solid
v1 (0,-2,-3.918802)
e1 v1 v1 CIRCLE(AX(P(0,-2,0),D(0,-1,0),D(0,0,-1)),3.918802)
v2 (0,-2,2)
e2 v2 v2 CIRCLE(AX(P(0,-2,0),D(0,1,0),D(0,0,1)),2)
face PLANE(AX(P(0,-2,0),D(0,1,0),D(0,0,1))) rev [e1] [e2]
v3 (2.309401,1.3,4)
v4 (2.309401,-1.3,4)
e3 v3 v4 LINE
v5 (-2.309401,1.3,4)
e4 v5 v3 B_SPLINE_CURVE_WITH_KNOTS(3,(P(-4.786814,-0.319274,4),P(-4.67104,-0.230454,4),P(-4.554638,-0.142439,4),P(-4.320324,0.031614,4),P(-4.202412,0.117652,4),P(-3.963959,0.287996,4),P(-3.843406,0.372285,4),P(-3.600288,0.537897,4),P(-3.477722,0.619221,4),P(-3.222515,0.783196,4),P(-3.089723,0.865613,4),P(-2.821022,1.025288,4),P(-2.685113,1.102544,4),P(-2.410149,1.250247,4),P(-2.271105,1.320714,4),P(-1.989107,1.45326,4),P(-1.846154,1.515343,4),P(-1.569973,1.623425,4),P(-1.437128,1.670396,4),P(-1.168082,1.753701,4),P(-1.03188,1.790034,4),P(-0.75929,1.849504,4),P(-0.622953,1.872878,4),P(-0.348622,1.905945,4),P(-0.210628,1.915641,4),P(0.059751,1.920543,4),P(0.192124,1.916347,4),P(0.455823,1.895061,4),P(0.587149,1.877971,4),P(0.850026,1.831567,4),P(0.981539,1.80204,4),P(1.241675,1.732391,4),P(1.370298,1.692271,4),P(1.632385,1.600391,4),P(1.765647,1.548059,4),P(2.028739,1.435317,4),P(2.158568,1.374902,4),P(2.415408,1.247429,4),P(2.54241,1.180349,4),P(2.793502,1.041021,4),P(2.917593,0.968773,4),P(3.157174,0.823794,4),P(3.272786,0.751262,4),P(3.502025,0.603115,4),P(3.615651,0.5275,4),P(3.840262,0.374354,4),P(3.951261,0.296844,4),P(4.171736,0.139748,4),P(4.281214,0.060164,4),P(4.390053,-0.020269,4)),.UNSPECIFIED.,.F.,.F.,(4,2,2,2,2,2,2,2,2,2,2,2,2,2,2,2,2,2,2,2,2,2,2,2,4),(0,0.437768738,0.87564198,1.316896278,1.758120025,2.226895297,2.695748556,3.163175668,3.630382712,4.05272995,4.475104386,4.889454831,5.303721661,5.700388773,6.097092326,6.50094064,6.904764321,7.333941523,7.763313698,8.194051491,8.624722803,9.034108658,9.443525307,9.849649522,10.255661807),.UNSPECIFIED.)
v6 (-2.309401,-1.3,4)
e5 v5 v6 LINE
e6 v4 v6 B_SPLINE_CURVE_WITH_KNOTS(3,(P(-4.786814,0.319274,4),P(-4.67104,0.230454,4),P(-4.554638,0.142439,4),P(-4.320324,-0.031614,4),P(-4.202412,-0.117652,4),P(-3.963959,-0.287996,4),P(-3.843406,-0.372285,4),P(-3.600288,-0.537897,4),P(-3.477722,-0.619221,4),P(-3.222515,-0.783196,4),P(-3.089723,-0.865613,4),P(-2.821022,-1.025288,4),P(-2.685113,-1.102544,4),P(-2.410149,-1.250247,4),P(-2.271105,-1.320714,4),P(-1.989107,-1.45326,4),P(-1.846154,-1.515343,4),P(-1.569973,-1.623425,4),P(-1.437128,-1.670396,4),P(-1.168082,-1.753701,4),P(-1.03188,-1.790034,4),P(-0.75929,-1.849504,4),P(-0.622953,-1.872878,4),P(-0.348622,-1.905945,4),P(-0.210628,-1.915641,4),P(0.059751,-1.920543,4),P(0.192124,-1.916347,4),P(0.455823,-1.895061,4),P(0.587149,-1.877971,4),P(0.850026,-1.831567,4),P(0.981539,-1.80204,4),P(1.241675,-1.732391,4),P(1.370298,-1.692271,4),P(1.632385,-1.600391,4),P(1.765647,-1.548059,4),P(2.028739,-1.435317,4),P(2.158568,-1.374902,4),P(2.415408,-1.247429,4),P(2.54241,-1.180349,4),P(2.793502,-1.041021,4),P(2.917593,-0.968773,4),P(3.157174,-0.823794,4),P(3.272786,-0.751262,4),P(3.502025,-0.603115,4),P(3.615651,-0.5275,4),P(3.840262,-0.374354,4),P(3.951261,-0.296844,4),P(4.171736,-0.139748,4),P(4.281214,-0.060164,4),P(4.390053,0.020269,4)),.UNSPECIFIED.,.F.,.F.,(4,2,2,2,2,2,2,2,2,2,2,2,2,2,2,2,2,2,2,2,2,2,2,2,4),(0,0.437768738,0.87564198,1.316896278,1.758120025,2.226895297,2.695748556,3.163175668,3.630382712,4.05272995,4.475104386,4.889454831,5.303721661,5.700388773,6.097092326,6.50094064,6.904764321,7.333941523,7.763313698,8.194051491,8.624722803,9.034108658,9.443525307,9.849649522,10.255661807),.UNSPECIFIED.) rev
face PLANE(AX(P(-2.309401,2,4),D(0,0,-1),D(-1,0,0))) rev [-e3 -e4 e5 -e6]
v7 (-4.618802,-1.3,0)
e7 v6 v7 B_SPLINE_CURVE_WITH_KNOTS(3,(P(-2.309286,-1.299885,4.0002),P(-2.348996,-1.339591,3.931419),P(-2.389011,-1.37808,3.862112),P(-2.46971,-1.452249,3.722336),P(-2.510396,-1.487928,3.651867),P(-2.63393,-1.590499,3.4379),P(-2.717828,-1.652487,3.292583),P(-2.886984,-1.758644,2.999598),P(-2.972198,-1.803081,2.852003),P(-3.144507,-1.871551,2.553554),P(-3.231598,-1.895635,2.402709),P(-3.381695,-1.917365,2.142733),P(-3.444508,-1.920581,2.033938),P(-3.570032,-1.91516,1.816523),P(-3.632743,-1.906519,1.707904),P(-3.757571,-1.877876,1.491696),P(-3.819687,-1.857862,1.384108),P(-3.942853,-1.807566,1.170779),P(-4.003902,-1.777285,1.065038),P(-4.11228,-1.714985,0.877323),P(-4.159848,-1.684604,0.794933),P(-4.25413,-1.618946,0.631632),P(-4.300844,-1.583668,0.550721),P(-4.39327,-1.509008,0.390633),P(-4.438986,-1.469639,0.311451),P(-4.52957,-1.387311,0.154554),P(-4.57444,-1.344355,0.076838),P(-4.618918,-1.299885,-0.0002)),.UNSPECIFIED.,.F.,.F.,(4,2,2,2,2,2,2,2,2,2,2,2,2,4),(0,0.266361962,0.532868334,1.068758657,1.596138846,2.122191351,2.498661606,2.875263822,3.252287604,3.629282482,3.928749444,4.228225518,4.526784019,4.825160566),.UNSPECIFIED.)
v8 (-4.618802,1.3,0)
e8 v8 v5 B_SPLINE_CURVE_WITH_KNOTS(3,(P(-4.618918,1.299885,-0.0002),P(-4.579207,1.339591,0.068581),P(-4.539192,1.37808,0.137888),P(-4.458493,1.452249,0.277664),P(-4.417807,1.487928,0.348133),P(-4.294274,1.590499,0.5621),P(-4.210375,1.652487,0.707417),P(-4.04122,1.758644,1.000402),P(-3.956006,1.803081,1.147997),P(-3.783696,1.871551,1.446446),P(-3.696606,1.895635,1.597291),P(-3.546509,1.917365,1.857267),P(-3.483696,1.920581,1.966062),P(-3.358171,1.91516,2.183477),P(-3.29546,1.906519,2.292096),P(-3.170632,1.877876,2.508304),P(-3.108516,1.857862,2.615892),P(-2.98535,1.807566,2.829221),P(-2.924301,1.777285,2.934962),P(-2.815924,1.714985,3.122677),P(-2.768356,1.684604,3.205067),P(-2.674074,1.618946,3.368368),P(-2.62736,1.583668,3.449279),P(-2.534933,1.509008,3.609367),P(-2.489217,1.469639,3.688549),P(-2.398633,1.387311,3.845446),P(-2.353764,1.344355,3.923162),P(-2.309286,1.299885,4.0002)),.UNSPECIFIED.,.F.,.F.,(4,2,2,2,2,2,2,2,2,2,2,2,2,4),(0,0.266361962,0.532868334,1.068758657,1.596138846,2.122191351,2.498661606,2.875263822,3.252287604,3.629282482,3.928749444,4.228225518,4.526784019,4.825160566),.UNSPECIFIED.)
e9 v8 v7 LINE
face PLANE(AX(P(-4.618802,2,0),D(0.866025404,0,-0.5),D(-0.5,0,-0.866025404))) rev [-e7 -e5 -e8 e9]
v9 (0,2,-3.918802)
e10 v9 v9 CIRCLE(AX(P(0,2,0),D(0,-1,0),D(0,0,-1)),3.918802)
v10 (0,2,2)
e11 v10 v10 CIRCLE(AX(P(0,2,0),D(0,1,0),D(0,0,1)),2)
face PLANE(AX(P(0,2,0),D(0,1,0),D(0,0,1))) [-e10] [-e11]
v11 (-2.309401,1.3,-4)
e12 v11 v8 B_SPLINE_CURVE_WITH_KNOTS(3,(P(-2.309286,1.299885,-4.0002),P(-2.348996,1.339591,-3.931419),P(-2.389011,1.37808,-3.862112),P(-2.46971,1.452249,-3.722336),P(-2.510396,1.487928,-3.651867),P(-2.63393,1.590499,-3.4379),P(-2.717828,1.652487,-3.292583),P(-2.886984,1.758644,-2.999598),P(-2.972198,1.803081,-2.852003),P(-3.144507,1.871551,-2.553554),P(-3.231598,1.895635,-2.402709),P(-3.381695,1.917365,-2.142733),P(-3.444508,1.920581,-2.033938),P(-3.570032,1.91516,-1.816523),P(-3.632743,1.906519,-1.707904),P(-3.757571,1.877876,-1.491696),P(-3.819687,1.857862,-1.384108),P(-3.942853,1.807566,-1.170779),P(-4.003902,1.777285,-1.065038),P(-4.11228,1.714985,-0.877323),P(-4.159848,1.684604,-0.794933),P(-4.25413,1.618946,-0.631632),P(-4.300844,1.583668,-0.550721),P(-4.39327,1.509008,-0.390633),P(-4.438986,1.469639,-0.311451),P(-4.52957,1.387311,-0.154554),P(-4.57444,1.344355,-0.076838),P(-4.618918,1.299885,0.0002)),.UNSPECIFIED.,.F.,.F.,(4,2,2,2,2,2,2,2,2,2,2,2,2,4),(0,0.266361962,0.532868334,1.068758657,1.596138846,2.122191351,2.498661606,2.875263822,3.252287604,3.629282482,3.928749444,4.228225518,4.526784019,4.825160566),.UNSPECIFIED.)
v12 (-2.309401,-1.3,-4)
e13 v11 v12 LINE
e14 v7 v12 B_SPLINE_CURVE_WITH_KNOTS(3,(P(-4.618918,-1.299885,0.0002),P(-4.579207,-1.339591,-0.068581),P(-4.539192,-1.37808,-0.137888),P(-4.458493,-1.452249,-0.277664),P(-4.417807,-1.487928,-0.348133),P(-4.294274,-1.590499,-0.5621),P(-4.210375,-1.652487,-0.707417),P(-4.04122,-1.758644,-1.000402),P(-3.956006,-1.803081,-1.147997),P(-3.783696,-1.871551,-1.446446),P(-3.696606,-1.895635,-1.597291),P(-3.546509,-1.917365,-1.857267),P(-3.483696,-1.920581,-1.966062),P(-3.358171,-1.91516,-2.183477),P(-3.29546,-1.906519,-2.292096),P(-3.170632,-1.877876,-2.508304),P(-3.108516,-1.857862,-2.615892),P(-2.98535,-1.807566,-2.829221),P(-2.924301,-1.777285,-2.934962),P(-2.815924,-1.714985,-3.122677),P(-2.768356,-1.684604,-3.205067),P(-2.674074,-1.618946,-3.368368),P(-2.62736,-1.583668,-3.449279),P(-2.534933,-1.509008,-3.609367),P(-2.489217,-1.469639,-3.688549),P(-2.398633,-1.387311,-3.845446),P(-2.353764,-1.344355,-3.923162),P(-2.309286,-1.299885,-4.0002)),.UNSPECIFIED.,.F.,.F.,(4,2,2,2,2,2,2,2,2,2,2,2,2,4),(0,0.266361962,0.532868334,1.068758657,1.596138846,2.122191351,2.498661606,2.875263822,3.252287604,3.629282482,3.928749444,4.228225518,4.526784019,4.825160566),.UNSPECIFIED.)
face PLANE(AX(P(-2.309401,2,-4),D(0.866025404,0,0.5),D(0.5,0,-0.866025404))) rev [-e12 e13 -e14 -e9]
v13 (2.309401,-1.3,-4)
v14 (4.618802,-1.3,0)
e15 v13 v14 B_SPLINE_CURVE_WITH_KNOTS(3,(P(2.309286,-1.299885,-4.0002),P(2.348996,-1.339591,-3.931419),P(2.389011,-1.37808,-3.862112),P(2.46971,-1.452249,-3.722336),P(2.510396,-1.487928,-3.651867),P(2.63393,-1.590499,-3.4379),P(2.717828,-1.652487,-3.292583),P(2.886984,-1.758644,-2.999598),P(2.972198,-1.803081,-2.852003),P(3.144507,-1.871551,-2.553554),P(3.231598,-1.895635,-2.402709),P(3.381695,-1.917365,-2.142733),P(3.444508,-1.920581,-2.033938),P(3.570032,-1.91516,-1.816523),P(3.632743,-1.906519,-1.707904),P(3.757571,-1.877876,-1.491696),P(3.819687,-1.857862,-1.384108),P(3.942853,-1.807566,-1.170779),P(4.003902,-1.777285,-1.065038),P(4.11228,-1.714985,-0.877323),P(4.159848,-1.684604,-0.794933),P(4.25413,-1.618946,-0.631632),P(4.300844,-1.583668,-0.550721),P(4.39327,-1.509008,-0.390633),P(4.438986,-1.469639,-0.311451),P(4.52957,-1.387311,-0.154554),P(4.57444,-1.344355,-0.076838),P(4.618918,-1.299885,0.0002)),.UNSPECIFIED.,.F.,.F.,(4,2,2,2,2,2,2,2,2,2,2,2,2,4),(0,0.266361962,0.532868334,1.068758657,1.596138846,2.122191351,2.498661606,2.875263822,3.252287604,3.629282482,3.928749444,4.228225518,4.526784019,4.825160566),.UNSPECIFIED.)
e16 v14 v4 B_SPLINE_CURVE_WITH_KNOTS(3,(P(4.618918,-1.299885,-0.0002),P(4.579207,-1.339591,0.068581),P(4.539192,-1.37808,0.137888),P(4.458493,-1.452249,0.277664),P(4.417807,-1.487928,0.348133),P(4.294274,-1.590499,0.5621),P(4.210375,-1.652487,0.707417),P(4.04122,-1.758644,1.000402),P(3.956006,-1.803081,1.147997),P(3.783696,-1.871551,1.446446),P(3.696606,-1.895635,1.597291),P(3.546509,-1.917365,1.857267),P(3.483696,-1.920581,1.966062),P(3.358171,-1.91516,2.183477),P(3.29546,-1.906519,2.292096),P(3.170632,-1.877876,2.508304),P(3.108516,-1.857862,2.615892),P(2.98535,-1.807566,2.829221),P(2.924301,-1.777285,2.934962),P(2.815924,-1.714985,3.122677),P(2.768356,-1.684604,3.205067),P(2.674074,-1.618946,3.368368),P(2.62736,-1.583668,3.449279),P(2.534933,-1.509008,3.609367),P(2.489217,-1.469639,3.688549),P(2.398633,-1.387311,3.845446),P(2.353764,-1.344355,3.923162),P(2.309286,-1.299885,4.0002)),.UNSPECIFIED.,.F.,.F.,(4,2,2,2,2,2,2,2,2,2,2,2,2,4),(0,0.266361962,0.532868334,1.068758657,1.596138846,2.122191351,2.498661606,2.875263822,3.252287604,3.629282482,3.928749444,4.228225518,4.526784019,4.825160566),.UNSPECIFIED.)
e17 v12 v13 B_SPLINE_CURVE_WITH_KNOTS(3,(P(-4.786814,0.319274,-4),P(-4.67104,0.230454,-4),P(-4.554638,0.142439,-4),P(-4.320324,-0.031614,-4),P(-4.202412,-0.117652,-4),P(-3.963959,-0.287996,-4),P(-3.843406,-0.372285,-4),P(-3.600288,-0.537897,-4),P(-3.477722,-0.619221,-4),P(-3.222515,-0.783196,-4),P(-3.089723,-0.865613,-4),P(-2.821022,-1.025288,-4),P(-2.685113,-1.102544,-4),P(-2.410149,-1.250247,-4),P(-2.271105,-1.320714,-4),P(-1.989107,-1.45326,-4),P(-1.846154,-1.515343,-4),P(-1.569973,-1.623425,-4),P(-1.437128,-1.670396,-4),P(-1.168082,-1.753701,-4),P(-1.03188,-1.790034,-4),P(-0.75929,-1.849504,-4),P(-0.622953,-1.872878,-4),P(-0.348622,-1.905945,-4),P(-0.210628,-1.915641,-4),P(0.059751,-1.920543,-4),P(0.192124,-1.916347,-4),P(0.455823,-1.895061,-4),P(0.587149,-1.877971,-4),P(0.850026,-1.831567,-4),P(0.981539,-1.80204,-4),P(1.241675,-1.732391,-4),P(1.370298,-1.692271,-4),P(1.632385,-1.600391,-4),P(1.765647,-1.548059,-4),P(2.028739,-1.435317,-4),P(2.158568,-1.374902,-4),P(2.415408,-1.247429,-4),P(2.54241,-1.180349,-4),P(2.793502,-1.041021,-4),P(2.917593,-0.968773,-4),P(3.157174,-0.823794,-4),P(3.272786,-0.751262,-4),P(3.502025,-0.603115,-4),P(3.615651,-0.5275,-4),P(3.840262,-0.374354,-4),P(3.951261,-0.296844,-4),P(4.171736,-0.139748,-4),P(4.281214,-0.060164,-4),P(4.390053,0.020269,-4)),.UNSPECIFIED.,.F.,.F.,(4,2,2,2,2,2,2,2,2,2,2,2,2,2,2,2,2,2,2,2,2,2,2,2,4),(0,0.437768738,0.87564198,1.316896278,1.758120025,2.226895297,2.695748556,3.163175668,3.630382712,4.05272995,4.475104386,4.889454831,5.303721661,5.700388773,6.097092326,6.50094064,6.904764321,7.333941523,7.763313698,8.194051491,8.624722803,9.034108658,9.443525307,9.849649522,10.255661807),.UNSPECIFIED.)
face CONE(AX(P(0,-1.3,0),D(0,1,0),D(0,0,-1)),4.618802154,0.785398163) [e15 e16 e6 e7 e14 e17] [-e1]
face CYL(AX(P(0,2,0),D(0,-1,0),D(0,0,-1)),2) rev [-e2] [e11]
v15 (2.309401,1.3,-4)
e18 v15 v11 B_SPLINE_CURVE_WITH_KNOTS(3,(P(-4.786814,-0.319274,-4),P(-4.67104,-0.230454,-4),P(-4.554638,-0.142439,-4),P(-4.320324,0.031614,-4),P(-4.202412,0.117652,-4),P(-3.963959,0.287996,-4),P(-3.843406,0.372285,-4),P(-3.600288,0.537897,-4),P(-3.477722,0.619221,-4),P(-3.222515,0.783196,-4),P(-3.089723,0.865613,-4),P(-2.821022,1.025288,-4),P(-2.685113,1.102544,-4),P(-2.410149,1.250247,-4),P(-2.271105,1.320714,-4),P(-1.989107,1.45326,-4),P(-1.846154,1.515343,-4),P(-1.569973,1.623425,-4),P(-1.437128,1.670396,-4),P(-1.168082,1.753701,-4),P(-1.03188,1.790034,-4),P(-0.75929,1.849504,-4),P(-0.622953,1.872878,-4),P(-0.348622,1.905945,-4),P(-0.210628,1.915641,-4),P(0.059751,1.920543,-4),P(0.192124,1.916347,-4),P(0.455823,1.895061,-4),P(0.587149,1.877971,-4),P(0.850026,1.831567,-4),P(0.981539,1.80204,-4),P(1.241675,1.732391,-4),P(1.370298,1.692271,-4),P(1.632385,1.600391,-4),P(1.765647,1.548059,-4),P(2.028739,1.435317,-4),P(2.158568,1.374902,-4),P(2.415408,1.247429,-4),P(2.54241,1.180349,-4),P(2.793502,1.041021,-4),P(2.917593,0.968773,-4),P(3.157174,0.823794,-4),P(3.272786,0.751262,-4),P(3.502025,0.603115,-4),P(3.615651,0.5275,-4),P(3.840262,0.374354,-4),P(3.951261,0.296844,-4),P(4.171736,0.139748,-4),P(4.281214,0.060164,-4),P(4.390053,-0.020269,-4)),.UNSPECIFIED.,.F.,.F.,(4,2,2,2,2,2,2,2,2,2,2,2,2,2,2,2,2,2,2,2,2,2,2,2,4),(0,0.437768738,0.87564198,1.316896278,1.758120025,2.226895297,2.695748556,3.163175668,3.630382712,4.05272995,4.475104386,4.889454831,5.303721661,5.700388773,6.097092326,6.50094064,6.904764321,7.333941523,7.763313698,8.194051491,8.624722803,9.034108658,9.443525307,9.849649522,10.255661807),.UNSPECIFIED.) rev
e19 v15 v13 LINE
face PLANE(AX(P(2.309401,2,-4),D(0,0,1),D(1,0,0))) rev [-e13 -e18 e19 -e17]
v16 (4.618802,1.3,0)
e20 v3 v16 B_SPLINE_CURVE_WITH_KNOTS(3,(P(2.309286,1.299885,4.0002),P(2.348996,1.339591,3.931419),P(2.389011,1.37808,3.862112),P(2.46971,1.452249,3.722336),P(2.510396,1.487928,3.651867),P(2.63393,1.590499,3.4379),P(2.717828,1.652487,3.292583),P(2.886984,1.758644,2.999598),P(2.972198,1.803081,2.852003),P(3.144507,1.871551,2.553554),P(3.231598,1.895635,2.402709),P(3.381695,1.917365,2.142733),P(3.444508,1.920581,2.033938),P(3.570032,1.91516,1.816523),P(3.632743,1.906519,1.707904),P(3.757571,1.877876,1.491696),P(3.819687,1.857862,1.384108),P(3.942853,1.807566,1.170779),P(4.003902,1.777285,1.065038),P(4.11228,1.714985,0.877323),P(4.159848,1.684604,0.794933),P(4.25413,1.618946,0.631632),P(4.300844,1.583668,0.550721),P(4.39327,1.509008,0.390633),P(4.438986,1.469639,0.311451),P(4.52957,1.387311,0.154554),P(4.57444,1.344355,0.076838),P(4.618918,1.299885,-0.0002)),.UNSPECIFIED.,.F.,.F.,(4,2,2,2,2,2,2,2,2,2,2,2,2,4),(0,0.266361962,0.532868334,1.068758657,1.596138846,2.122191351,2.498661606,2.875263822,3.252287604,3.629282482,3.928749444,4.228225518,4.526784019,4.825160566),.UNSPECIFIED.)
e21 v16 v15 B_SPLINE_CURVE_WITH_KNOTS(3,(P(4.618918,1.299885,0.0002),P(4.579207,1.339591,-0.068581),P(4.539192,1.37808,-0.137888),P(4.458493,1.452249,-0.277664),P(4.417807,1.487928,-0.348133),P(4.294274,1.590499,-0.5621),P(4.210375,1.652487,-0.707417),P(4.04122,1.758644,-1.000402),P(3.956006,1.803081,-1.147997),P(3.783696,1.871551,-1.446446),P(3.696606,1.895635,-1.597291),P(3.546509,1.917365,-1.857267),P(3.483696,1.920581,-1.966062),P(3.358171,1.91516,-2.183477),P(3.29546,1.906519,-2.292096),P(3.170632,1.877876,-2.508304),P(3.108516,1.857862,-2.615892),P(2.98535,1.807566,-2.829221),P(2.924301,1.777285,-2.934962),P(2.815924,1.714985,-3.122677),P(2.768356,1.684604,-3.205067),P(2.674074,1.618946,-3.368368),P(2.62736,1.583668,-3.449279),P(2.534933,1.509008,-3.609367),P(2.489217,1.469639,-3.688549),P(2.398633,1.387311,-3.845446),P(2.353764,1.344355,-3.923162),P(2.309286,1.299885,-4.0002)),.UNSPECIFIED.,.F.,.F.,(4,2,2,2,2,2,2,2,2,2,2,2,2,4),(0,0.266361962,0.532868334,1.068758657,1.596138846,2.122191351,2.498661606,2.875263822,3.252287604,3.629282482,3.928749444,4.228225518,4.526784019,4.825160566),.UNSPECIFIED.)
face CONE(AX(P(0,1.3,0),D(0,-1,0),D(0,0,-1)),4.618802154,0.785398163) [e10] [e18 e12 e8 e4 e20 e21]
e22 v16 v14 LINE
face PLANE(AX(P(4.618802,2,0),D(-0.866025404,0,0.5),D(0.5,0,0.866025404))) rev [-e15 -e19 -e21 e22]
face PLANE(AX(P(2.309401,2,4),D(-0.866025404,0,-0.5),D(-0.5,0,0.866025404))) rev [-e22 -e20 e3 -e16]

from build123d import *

# Parameters (mm, degrees)
SKETCH1_R           = 2
BOSS_EXTRUDE1_DEPTH = 2


with BuildPart() as part:
    # Sketch1 → Boss-Extrude1 (new body, symmetric)
    with BuildSketch(Plane(origin=(0, 0, 0), x_dir=(1, 0, 0), z_dir=(0, 1, 0))):
        Polygon((2.309401077, 4), (-2.309401077, 4), (-4.618802154, 0), (-2.309401077, -4), (2.309401077, -4), (4.618802154, 0), align=None)
        Circle(SKETCH1_R, mode=Mode.SUBTRACT)
    extrude(amount=BOSS_EXTRUDE1_DEPTH, both=True)

    # Sketch2 → Cut-Revolve1 (revolve, cut)
    with BuildSketch(Plane.XY):
        Polygon((-4.618802154, 1.3), (-3.918802154, 2), (-4.618802154, 2), align=None)
    cut_revolve1 = revolve(axis=Axis((0, 0, 0), (0, 1, 0)), mode=Mode.SUBTRACT)

    # Mirror1: Cut-Revolve1 across plane
    add(cut_revolve1.mirror(Plane.ZX), mode=Mode.SUBTRACT)


solid = part.part
